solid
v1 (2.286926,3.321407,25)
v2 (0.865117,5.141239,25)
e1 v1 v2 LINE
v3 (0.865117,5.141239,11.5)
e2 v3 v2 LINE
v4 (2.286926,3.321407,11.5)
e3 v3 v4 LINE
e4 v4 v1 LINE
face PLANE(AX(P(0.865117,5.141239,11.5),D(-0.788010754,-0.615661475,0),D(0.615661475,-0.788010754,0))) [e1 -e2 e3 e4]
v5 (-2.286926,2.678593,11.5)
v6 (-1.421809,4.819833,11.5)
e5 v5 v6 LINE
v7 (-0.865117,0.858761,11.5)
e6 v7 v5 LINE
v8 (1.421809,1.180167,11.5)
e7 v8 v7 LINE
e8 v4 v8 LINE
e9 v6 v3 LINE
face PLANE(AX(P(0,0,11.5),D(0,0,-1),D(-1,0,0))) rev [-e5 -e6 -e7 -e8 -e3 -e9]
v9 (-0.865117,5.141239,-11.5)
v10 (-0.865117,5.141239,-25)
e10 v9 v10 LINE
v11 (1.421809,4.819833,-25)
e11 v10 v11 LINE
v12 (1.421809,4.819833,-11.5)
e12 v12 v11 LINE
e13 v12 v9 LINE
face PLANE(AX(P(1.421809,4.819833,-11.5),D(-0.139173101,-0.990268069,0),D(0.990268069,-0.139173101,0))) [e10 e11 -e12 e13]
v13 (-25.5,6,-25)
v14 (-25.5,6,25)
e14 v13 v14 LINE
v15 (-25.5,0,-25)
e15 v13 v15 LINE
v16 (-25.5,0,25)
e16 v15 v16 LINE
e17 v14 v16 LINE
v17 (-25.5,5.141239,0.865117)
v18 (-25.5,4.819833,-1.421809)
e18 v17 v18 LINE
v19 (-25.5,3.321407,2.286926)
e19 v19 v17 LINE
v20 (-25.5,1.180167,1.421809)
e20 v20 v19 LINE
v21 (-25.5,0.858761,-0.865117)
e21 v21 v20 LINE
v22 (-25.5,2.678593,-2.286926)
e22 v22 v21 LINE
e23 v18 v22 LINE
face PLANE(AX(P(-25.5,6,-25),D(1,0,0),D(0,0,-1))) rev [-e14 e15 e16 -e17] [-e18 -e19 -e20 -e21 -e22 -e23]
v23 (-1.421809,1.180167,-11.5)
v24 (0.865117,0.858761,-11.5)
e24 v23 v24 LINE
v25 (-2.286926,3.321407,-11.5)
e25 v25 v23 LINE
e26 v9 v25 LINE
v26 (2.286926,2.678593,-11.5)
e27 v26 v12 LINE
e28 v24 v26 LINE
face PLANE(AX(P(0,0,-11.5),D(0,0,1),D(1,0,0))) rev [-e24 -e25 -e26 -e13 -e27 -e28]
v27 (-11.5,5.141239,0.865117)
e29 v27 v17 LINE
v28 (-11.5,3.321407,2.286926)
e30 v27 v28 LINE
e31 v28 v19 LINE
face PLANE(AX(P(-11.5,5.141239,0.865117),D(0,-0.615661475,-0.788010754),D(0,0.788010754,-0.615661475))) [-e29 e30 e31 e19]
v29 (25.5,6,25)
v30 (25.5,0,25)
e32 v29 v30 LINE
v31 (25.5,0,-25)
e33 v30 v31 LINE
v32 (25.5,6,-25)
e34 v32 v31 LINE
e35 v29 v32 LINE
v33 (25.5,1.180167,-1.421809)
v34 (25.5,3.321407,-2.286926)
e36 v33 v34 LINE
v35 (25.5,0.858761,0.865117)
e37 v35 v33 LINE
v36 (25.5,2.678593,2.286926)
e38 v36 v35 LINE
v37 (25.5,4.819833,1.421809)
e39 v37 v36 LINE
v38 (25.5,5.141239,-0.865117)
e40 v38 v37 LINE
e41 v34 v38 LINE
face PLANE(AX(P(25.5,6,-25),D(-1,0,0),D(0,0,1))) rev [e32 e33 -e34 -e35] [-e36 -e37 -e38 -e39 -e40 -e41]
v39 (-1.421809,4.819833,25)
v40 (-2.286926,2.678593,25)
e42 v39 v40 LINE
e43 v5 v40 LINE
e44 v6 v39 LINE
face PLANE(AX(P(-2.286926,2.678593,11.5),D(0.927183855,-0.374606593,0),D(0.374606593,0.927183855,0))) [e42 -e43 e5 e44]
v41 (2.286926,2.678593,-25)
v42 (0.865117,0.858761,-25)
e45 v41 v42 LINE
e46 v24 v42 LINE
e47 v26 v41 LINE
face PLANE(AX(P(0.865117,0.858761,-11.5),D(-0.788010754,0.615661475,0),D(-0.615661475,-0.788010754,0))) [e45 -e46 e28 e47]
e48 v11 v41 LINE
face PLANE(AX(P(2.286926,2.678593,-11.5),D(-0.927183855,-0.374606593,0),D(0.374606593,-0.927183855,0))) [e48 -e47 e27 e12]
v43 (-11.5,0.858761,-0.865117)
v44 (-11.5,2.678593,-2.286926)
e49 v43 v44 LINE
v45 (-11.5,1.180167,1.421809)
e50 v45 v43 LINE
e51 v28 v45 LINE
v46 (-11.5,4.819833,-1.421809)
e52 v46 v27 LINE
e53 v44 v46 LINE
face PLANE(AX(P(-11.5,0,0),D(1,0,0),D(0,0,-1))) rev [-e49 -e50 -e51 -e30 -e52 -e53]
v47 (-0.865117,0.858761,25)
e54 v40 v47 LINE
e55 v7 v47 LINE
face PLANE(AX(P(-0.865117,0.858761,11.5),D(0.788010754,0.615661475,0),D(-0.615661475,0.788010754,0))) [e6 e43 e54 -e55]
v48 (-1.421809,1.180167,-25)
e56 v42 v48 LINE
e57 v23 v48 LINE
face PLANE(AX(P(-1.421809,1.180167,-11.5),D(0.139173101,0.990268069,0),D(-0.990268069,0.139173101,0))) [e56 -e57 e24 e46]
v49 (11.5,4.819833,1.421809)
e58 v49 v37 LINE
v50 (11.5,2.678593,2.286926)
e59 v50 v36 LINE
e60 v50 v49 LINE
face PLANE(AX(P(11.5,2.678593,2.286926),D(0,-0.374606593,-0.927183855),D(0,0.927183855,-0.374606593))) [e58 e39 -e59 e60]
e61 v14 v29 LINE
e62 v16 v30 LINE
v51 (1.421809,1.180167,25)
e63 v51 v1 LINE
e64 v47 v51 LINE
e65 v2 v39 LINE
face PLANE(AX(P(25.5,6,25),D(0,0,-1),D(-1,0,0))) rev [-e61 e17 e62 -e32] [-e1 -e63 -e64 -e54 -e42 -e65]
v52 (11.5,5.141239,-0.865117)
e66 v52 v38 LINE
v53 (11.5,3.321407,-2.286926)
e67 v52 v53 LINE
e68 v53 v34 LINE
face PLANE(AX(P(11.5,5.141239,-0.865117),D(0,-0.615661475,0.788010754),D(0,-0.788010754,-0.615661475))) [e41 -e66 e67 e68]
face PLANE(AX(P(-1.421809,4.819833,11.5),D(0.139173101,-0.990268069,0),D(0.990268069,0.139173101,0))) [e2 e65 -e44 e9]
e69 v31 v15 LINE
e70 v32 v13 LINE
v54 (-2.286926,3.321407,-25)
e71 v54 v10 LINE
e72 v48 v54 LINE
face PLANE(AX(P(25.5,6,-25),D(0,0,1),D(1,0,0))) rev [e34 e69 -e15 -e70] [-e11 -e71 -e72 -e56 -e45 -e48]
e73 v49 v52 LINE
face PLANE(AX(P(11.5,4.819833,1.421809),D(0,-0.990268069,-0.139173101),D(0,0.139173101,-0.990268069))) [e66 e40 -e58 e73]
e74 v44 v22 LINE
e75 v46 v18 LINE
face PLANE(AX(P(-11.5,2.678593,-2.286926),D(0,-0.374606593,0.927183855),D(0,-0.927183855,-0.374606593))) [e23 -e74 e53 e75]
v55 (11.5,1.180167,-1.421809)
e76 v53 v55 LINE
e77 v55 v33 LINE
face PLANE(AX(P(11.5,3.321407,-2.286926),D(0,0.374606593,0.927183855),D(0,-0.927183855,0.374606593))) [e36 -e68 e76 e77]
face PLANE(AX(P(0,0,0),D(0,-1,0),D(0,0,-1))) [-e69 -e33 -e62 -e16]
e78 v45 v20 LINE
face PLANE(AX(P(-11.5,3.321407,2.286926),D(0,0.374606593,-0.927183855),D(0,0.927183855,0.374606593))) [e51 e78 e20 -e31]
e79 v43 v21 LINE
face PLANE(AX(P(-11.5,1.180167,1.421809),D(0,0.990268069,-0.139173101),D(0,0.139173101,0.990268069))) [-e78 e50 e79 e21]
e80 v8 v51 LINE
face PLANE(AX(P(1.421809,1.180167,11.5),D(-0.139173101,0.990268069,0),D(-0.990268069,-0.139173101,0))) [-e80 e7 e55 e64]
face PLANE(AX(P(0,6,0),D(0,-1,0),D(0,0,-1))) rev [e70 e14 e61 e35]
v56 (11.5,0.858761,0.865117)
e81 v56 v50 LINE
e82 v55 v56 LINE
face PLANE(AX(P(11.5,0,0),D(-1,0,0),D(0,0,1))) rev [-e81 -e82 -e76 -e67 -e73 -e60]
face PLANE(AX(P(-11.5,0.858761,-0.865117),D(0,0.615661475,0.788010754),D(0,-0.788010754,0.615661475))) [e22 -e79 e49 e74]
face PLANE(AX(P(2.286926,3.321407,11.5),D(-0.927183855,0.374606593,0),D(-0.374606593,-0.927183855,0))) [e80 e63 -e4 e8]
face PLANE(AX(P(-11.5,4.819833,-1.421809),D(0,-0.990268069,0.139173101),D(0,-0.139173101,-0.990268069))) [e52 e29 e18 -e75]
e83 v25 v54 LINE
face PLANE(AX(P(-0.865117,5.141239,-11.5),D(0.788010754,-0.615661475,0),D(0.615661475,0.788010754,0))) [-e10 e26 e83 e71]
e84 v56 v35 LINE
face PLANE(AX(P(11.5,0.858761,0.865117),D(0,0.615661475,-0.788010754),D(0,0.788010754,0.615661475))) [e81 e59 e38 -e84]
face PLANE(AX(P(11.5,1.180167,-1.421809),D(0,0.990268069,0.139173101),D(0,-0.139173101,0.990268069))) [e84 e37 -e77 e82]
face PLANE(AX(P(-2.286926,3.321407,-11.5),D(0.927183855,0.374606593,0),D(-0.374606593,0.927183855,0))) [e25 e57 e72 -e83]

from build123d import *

# Parameters (mm, degrees)
ESBO_O2_W                = 51
ESBO_O2_H                = 50
RESSALTO_EXTRUS_O2_DEPTH = 6
CORTE_EXTRUS_O1_START    = -1
CORTE_EXTRUS_O1_DEPTH    = 15
PADR_OCIRCULAR1_COUNT    = 4


with BuildPart() as part:
    # Esboço2 → Ressalto-extrusão2 (new body)
    with BuildSketch(Plane(origin=(0, 0, 0), x_dir=(1, 0, 0), z_dir=(0, 1, 0))):
        Rectangle(ESBO_O2_W, ESBO_O2_H)
    extrude(amount=RESSALTO_EXTRUS_O2_DEPTH)

    # Esboço3 → Corte-extrusão1 (cut)
    with BuildSketch(Plane.ZY.offset(-25.5).offset(CORTE_EXTRUS_O1_START)):
        Polygon((-1.421809274, 1.180167117), (0.86511687, 0.858760608), (2.286926144, 2.678593491), (1.421809274, 4.819832883), (-0.86511687, 5.141239392), (-2.286926144, 3.321406509), align=None)
    corte_extrus_o1 = extrude(amount=CORTE_EXTRUS_O1_DEPTH, mode=Mode.SUBTRACT)

    # PadrãoCircular1: Corte-extrusão1 ×4 about axis
    padr_ocircular1_axis = Axis((0, 0, 0), (0, 1, 0))
    for i in range(1, PADR_OCIRCULAR1_COUNT):
        add(corte_extrus_o1.rotate(padr_ocircular1_axis, i * 360 / PADR_OCIRCULAR1_COUNT), mode=Mode.SUBTRACT)


solid = part.part
